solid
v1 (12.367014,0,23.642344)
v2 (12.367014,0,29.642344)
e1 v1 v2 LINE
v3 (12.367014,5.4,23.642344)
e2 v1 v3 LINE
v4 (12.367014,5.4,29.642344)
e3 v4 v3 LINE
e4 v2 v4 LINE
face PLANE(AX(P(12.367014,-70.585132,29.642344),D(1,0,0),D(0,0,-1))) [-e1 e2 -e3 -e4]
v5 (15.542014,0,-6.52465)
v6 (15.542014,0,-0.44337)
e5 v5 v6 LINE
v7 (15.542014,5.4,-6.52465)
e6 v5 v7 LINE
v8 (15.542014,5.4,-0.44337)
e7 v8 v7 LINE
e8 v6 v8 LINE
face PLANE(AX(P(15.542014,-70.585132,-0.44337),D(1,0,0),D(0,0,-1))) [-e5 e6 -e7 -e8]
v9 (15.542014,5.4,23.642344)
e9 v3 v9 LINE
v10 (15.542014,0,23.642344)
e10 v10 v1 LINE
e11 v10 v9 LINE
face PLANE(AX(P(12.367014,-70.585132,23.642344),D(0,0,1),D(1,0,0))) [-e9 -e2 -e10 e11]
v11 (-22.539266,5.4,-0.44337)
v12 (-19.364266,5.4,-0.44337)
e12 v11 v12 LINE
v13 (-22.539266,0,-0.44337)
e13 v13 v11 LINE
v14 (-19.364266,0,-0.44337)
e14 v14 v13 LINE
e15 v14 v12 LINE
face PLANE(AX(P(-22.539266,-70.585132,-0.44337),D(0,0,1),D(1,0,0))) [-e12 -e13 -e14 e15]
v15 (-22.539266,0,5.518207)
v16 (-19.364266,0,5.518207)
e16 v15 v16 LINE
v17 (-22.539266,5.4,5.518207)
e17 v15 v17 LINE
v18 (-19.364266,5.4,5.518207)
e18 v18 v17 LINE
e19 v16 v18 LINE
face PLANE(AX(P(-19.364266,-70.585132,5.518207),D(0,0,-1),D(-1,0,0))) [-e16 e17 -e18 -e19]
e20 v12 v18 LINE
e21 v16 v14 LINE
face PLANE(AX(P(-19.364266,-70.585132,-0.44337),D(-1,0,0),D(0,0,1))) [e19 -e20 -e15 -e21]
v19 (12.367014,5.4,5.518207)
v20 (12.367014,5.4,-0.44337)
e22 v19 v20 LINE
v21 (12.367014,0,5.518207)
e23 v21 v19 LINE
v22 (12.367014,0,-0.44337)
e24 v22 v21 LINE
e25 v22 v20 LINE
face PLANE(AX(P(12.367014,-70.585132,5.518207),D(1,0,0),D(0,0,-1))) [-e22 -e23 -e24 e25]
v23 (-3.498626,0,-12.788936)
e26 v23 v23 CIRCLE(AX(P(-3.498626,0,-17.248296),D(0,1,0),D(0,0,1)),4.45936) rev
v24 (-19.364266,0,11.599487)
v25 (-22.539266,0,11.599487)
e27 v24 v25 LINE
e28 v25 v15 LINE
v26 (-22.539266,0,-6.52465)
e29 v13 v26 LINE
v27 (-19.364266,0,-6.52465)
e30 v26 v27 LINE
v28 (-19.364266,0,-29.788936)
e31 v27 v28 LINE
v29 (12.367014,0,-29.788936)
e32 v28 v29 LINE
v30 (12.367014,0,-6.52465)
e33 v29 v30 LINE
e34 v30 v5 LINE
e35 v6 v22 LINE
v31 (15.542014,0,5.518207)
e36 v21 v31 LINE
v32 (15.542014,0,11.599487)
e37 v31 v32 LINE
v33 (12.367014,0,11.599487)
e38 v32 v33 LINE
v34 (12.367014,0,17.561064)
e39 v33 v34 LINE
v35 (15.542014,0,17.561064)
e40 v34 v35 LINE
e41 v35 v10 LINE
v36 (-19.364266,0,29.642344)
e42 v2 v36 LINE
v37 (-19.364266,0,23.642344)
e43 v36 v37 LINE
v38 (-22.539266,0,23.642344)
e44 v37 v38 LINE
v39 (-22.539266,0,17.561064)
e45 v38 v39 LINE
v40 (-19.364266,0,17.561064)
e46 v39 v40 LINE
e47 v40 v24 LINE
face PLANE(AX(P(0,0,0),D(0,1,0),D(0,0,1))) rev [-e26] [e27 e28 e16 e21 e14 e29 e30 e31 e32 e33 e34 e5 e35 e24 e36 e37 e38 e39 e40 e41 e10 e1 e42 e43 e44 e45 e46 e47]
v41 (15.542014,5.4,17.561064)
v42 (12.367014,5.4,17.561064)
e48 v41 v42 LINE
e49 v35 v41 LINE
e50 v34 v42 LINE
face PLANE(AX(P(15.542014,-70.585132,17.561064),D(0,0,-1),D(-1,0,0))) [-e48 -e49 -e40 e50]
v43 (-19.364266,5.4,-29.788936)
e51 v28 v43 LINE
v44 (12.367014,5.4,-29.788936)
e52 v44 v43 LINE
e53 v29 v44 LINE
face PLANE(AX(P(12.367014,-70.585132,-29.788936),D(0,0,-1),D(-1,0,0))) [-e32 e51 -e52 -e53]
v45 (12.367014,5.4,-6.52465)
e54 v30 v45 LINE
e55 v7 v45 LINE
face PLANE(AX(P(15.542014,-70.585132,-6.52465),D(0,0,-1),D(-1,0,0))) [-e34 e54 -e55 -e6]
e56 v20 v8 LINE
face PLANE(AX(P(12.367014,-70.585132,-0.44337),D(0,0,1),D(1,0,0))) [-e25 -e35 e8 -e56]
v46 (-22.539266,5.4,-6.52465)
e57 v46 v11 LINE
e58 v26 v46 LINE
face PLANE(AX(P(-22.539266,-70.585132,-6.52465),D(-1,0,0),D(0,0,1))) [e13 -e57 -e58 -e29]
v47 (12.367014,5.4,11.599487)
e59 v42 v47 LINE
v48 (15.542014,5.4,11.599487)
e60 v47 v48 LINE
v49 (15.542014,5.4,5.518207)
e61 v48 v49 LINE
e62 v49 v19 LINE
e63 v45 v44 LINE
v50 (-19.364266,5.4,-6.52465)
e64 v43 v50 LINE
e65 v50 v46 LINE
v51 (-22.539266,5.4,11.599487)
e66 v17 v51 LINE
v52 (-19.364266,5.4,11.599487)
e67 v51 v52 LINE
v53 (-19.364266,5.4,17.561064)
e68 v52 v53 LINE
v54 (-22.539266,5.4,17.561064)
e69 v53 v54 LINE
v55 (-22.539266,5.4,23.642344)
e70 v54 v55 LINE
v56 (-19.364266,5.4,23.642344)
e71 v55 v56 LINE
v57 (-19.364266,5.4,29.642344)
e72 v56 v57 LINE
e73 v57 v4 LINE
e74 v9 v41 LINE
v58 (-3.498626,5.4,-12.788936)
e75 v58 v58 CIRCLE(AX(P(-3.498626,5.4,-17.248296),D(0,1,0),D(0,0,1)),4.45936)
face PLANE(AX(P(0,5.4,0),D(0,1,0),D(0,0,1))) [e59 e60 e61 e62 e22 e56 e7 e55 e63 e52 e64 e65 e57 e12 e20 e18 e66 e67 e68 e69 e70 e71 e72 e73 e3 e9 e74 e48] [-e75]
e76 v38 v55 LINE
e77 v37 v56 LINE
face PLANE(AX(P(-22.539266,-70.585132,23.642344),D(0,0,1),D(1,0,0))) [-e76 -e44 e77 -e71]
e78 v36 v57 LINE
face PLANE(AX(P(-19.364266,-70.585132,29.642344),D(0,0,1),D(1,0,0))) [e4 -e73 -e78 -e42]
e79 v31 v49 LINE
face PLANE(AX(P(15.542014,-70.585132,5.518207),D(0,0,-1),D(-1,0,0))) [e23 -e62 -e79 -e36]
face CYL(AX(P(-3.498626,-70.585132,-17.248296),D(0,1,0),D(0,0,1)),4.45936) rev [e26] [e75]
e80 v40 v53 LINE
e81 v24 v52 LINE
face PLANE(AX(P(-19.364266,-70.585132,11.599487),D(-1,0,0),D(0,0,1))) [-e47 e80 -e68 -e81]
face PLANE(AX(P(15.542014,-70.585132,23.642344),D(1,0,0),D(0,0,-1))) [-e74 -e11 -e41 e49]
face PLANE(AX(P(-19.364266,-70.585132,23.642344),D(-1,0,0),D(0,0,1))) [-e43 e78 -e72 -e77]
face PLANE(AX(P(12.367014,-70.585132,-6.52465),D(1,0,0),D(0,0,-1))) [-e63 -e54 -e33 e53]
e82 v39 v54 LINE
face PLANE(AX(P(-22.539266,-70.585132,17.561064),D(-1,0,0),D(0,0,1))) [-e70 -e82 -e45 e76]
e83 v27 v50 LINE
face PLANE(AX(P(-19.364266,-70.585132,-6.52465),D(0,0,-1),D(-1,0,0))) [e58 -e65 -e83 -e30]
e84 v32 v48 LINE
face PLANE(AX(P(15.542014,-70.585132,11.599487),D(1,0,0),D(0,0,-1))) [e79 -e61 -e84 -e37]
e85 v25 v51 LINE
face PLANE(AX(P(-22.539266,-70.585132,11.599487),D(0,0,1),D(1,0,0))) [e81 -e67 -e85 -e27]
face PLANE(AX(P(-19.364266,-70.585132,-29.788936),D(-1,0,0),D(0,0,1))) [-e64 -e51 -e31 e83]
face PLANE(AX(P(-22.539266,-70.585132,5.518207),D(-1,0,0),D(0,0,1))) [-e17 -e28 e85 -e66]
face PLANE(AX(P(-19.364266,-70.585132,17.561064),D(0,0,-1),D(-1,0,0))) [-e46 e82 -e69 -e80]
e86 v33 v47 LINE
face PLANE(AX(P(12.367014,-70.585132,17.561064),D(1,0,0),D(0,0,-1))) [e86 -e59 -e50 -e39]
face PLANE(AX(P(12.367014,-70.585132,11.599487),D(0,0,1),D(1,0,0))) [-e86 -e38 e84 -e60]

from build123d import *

# Parameters (mm, degrees)
SKETCH1_W           = 31.65
SKETCH1_H           = 59.35
SKETCH1_R           = 4.5
SKETCH1_W_2         = 3.175
SKETCH1_H_2         = 6
BOSS_EXTRUDE1_DEPTH = 5.4
SKETCH2_R           = 4.45936
BOSS_EXTRUDE2_DEPTH = 5.4


with BuildPart() as part:
    # Sketch1 → Boss-Extrude1 (new body)
    with BuildSketch(Plane(origin=(0, 0, 0), x_dir=(1, 0, 0), z_dir=(0, 1, 0))):
        with Locations((-3.498626473, 0.073295681)):
            Rectangle(SKETCH1_W, SKETCH1_H)
        with Locations((-3.498626473, 17.248295681)):
            Circle(SKETCH1_R, mode=Mode.SUBTRACT)
        with Locations((-20.911126473, 3.484009967)):
            Rectangle(SKETCH1_W_2, SKETCH1_H_2)
        with Locations((-20.911126473, -8.558847176)):
            Rectangle(SKETCH1_W_2, SKETCH1_H_2)
        with Locations((-20.911126473, -20.601704319)):
            Rectangle(SKETCH1_W_2, SKETCH1_H_2)
        with Locations((13.913873527, -20.601704319)):
            Rectangle(SKETCH1_W_2, SKETCH1_H_2)
        with Locations((13.913873527, -8.558847176)):
            Rectangle(SKETCH1_W_2, SKETCH1_H_2)
        with Locations((13.913873527, 3.484009967)):
            Rectangle(SKETCH1_W_2, SKETCH1_H_2)
    extrude(amount=BOSS_EXTRUDE1_DEPTH)

    # Sketch2 → Boss-Extrude2 (add)
    with BuildSketch(Plane(origin=(0, 5.4, 0), x_dir=(1, 0, 0), z_dir=(0, 1, 0))):
        Polygon((12.367013527, 6.524649967), (12.367013527, 29.788935681), (-19.364266473, 29.788935681), (-19.364266473, 6.524649967), (-22.539266473, 6.524649967), (-22.539266473, 0.443369967), (-19.364266473, 0.443369967), (-19.364266473, -5.518207176), (-22.539266473, -5.518207176), (-22.539266473, -11.599487176), (-19.364266473, -11.599487176), (-19.364266473, -17.561064319), (-22.539266473, -17.561064319), (-22.539266473, -23.642344319), (-19.364266473, -23.642344319), (-19.364266473, -29.642344319), (12.367013527, -29.642344319), (12.367013527, -23.642344319), (15.542013527, -23.642344319), (15.542013527, -17.561064319), (12.367013527, -17.561064319), (12.367013527, -11.599487176), (15.542013527, -11.599487176), (15.542013527, -5.518207176), (12.367013527, -5.518207176), (12.367013527, 0.443369967), (15.542013527, 0.443369967), (15.542013527, 6.524649967), align=None)
        with Locations((-3.498626473, 17.248295681)):
            Circle(SKETCH2_R, mode=Mode.SUBTRACT)
    extrude(amount=-BOSS_EXTRUDE2_DEPTH)


solid = part.part
